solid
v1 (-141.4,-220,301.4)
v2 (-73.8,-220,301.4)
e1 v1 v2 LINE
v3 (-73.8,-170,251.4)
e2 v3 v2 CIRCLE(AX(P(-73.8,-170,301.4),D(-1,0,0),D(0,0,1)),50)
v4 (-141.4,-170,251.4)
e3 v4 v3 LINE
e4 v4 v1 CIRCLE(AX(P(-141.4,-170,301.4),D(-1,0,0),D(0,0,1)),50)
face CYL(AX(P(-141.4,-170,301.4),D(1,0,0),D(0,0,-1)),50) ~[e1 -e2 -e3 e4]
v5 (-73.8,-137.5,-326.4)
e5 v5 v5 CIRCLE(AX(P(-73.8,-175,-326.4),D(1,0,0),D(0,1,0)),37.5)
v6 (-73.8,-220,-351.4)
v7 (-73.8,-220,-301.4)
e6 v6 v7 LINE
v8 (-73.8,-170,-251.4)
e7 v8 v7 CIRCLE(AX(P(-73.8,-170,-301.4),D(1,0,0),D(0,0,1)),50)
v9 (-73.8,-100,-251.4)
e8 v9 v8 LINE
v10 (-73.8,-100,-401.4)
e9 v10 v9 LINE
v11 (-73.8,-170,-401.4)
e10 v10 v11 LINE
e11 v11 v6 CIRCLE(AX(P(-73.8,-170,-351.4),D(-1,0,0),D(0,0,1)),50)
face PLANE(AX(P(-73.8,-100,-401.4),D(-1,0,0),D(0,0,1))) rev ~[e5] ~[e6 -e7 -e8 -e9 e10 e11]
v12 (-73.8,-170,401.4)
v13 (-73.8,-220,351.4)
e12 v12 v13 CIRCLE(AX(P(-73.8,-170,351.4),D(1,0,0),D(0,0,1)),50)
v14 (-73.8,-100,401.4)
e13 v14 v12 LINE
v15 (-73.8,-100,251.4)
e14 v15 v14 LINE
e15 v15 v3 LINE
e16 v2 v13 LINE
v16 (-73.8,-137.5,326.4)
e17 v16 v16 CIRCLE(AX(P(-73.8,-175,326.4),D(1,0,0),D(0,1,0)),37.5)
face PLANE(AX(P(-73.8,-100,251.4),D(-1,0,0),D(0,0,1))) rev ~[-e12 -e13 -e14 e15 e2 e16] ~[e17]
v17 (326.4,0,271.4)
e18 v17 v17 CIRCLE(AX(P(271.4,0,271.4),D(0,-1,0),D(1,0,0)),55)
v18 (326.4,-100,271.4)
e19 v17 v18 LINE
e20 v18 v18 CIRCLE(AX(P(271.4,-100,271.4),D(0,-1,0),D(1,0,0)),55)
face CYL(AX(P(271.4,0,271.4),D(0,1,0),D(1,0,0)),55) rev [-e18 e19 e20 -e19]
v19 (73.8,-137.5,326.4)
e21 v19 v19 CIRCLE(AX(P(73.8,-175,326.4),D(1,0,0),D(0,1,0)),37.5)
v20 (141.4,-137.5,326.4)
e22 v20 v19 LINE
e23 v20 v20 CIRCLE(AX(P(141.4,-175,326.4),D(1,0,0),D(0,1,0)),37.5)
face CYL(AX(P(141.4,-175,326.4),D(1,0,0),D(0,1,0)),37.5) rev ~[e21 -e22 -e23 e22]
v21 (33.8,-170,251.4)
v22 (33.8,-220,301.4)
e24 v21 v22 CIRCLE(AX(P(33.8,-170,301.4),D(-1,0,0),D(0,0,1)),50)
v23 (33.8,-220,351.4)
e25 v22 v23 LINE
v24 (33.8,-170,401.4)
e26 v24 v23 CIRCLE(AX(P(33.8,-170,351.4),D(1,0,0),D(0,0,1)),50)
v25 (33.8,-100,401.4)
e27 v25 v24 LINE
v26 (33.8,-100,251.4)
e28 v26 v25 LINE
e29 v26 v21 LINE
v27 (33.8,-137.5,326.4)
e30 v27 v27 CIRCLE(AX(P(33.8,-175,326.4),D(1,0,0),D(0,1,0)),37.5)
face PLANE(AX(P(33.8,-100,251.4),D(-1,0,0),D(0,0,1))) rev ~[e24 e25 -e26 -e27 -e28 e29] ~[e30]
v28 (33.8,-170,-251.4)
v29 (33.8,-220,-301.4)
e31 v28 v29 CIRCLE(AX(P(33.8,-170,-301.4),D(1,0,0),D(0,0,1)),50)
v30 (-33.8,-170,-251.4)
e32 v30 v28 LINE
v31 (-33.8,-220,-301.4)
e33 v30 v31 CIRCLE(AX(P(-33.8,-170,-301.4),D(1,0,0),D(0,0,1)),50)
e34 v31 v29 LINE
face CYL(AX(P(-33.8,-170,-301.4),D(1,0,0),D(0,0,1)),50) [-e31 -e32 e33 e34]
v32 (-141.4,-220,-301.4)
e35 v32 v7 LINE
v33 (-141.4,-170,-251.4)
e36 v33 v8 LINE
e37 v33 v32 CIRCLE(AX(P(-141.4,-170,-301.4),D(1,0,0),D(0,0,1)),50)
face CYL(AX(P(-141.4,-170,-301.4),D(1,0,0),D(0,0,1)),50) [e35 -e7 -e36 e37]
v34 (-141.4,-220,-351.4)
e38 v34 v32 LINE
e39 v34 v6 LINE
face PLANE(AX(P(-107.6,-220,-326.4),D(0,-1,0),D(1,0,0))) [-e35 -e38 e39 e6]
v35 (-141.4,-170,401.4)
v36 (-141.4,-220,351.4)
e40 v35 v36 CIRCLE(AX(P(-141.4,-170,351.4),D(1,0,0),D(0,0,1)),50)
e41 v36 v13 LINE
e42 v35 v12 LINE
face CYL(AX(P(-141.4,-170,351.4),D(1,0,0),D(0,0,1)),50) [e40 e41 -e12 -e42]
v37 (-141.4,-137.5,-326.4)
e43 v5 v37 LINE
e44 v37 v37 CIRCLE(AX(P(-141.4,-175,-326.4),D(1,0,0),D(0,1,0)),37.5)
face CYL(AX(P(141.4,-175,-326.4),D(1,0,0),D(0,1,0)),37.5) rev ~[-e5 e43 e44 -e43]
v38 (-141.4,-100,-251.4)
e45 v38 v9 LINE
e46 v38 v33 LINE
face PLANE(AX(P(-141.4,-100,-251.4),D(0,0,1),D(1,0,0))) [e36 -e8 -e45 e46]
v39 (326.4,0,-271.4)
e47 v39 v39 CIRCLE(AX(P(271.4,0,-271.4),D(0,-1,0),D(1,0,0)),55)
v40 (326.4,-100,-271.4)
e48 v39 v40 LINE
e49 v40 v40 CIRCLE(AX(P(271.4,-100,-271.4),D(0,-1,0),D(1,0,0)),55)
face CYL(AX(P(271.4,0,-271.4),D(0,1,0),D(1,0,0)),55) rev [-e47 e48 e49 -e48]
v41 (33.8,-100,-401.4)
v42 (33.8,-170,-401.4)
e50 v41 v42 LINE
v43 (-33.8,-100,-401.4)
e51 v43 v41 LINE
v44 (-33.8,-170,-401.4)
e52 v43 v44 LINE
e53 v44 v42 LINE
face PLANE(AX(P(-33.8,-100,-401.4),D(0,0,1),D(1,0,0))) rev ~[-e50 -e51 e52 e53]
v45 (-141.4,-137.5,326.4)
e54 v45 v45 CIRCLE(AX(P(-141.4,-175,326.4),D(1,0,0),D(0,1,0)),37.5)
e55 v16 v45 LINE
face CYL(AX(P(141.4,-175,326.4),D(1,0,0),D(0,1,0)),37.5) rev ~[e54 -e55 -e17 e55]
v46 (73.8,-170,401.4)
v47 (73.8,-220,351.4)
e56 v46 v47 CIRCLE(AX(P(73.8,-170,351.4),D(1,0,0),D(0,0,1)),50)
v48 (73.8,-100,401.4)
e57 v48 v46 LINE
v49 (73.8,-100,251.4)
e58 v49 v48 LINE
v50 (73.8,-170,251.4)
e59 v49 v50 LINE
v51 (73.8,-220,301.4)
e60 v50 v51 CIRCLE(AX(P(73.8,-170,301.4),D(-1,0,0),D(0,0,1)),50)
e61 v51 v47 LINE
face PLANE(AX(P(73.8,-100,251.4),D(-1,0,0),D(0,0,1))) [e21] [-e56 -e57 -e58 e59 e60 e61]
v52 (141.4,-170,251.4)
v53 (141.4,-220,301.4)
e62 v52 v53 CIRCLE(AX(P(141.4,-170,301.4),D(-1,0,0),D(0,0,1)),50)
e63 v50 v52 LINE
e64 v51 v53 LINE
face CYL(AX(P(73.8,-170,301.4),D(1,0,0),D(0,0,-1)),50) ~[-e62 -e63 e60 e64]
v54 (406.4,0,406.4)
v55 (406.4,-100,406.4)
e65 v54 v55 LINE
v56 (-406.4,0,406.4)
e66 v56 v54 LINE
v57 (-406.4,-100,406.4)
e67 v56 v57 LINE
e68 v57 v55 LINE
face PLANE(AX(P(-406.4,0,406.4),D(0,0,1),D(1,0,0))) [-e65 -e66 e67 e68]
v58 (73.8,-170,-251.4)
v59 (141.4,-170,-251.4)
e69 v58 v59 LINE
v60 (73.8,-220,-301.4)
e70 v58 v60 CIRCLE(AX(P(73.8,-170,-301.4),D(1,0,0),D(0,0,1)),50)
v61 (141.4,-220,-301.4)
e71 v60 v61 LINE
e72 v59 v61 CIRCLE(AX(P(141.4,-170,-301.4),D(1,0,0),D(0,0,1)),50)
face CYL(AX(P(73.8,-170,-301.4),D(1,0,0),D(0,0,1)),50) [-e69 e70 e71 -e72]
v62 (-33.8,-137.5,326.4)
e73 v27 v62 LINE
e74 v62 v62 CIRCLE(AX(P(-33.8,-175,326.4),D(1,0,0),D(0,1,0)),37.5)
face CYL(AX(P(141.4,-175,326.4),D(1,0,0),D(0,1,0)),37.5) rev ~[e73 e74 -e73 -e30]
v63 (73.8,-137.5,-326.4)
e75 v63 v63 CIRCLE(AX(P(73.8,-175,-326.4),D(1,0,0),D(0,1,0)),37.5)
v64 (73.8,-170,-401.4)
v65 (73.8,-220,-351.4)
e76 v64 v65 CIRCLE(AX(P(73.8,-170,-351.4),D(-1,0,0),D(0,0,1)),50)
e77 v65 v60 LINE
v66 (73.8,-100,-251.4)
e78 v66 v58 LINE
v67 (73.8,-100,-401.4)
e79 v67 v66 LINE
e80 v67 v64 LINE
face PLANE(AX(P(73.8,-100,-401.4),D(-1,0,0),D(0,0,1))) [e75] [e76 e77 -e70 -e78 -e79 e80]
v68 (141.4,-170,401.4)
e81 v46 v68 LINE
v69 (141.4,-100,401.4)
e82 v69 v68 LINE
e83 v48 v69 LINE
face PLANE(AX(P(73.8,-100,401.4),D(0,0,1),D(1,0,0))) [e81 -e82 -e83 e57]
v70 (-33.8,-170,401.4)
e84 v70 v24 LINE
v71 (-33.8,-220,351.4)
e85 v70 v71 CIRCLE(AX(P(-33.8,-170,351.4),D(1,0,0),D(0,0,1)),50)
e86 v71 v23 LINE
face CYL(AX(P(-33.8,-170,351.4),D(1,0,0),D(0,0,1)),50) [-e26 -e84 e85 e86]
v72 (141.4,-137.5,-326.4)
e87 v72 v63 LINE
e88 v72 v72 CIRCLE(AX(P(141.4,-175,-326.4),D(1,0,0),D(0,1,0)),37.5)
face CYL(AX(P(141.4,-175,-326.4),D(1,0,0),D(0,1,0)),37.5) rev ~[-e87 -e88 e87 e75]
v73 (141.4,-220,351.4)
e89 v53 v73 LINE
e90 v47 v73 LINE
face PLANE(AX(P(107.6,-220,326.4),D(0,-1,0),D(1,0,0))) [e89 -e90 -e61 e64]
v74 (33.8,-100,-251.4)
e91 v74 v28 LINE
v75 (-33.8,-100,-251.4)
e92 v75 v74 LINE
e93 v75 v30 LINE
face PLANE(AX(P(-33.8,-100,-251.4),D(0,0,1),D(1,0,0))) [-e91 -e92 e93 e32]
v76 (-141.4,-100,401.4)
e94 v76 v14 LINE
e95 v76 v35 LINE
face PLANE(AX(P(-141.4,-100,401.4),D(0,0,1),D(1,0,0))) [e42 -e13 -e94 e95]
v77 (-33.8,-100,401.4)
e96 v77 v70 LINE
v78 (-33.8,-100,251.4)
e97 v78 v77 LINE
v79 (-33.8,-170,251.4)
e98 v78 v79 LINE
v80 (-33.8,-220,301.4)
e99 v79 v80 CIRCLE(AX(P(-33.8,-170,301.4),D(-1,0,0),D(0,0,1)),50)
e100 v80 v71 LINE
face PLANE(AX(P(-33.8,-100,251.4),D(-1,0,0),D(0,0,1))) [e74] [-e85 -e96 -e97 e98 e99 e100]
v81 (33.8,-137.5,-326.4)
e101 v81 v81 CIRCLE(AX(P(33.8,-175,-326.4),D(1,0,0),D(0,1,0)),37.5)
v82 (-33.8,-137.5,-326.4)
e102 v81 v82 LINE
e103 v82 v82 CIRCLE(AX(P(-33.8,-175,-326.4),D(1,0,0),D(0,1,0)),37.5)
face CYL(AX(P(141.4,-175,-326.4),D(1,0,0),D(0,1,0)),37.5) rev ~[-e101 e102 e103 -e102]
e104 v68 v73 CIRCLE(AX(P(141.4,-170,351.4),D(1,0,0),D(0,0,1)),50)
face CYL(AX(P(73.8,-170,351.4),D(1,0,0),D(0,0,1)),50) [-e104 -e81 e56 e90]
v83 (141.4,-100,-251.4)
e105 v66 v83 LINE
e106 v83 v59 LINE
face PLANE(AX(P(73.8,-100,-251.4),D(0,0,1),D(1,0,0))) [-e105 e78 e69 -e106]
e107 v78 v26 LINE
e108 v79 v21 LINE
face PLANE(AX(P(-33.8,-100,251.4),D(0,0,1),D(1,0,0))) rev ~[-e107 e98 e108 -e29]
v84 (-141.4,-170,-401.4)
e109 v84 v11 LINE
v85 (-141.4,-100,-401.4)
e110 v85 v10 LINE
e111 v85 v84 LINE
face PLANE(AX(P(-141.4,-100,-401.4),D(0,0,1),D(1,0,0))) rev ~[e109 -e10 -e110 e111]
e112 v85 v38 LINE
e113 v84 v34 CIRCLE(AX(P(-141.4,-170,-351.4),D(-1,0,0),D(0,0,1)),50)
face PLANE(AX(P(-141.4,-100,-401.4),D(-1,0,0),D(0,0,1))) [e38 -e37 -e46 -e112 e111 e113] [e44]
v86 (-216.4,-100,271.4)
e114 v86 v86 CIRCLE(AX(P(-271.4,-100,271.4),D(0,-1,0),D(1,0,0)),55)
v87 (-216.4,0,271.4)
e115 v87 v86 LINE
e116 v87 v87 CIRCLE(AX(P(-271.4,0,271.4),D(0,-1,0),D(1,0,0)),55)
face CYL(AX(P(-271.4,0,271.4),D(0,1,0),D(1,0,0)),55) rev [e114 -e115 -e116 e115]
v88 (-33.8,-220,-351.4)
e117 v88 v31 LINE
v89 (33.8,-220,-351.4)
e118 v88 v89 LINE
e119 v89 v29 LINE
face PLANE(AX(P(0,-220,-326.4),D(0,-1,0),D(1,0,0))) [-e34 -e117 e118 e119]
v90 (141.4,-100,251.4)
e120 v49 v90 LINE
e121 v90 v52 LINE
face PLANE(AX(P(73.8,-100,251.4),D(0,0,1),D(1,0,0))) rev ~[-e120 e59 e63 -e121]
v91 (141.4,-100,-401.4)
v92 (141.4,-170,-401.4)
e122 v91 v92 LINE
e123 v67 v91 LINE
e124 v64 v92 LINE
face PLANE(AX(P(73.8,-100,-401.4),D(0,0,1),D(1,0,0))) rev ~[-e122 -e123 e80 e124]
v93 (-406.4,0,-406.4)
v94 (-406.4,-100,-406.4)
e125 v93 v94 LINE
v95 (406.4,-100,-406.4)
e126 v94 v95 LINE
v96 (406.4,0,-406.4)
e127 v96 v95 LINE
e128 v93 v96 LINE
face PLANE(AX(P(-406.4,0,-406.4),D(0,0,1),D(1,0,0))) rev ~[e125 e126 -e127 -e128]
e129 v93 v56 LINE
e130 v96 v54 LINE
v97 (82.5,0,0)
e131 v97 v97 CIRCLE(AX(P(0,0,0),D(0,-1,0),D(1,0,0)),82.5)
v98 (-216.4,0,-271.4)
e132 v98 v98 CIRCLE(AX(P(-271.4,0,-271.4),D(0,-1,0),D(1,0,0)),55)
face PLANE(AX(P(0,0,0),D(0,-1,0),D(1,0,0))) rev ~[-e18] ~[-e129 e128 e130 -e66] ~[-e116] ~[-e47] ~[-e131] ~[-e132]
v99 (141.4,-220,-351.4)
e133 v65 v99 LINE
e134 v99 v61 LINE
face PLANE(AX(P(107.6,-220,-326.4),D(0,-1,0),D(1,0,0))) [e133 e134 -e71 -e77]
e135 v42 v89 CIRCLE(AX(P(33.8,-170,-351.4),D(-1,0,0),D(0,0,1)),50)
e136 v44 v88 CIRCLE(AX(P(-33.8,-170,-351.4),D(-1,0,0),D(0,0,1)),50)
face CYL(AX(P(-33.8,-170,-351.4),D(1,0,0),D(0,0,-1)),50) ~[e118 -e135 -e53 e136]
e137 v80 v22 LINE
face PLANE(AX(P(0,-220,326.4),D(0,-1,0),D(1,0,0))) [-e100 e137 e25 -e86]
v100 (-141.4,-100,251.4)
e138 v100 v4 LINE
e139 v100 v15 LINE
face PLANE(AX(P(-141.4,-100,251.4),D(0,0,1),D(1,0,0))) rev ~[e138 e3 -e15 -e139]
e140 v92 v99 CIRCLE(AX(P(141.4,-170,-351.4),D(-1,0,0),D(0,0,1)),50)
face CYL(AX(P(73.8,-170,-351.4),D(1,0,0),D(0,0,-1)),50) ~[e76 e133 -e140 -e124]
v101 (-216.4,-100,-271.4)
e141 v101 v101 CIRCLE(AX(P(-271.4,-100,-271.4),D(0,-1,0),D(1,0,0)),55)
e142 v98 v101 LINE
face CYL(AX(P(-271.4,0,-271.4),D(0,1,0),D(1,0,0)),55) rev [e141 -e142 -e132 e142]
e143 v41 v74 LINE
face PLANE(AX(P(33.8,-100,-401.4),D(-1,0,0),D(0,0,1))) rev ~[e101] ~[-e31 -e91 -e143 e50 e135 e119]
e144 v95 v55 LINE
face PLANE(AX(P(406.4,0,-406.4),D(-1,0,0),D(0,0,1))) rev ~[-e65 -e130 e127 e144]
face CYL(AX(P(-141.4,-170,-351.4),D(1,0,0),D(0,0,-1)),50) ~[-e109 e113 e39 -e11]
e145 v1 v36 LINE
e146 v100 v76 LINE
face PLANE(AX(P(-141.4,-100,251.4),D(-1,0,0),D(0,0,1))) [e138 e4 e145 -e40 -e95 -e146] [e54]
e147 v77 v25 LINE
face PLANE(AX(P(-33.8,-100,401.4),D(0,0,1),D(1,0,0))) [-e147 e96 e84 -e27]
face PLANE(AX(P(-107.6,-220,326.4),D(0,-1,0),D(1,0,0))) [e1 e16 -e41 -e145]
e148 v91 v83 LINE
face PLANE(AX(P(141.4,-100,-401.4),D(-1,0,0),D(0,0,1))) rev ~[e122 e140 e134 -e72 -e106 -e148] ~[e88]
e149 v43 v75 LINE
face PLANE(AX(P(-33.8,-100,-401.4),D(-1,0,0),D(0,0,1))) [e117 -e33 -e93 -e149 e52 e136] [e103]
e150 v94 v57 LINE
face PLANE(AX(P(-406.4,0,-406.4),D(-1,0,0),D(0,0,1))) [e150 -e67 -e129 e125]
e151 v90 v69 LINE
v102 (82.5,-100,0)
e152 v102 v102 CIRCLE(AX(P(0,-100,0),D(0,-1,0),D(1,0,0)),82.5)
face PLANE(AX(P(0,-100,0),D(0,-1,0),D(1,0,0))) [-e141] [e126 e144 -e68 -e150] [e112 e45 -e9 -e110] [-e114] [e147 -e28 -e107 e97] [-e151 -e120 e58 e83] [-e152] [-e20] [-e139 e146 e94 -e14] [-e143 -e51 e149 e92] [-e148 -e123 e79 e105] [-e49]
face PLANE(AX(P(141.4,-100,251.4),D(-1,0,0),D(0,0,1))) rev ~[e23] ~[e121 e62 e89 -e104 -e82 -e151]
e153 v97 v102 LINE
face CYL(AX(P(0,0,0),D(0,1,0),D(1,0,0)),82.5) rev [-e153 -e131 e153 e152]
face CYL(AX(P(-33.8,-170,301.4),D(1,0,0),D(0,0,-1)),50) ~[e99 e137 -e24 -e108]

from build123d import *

# Parameters (mm, degrees)
F0_W     = 812.8
F0_H     = 812.8
F0_R     = 55
F0_R_2   = 82.5
F1_DEPTH = 100
F2_W     = 67.6
F2_H     = 150
F3_DEPTH = 120
F4_R     = 50
F5_R     = 37.5
F6_DEPTH = 547.801


with BuildPart() as f1:
    # F0 (on Front) → F1 (new body)
    with BuildSketch(Plane.XZ):
        Rectangle(F0_W, F0_H)
        with Locations((-271.4, -271.4)):
            Circle(F0_R, mode=Mode.SUBTRACT)
        Circle(F0_R_2, mode=Mode.SUBTRACT)
        with Locations((271.4, -271.4)):
            Circle(F0_R, mode=Mode.SUBTRACT)
        with Locations((-271.4, 271.4)):
            Circle(F0_R, mode=Mode.SUBTRACT)
        with Locations((271.4, 271.4)):
            Circle(F0_R, mode=Mode.SUBTRACT)
    extrude(amount=F1_DEPTH)

    # F2 (on face) → F3 (join)
    with BuildSketch(Plane.XZ.offset(100)):
        with Locations((-107.6, 326.4)):
            Rectangle(F2_W, F2_H)
        with Locations((0, 326.4)):
            Rectangle(F2_W, F2_H)
        with Locations((107.6, 326.4)):
            Rectangle(F2_W, F2_H)
        with Locations((107.6, -326.4)):
            Rectangle(F2_W, F2_H)
        with Locations((-107.6, -326.4)):
            Rectangle(F2_W, F2_H)
        with Locations((0, -326.4)):
            Rectangle(F2_W, F2_H)
    extrude(amount=F3_DEPTH)

    # F4
    f4_edges = [f1.edges().sort_by_distance(p)[0] for p in [
        (107.6, -220, -401.4),
        (0, -220, -401.4),
        (-107.6, -220, -401.4),
        (-107.6, -220, -251.4),
        (0, -220, -251.4),
        (107.6, -220, -251.4),
        (107.6, -220, 251.4),
        (107.6, -220, 401.4),
        (0, -220, 251.4),
        (0, -220, 401.4),
        (-107.6, -220, 401.4),
        (-107.6, -220, 251.4),
    ]]
    fillet(f4_edges, radius=F4_R)

    # F5 (on face) → F6 (cut, through all)
    with BuildSketch(Plane.YZ.offset(141.4)):
        with Locations((-175, -326.4)):
            Circle(F5_R)
        with Locations((-175, 326.4)):
            Circle(F5_R)
    extrude(amount=-F6_DEPTH, mode=Mode.SUBTRACT)


solid = f1.part
